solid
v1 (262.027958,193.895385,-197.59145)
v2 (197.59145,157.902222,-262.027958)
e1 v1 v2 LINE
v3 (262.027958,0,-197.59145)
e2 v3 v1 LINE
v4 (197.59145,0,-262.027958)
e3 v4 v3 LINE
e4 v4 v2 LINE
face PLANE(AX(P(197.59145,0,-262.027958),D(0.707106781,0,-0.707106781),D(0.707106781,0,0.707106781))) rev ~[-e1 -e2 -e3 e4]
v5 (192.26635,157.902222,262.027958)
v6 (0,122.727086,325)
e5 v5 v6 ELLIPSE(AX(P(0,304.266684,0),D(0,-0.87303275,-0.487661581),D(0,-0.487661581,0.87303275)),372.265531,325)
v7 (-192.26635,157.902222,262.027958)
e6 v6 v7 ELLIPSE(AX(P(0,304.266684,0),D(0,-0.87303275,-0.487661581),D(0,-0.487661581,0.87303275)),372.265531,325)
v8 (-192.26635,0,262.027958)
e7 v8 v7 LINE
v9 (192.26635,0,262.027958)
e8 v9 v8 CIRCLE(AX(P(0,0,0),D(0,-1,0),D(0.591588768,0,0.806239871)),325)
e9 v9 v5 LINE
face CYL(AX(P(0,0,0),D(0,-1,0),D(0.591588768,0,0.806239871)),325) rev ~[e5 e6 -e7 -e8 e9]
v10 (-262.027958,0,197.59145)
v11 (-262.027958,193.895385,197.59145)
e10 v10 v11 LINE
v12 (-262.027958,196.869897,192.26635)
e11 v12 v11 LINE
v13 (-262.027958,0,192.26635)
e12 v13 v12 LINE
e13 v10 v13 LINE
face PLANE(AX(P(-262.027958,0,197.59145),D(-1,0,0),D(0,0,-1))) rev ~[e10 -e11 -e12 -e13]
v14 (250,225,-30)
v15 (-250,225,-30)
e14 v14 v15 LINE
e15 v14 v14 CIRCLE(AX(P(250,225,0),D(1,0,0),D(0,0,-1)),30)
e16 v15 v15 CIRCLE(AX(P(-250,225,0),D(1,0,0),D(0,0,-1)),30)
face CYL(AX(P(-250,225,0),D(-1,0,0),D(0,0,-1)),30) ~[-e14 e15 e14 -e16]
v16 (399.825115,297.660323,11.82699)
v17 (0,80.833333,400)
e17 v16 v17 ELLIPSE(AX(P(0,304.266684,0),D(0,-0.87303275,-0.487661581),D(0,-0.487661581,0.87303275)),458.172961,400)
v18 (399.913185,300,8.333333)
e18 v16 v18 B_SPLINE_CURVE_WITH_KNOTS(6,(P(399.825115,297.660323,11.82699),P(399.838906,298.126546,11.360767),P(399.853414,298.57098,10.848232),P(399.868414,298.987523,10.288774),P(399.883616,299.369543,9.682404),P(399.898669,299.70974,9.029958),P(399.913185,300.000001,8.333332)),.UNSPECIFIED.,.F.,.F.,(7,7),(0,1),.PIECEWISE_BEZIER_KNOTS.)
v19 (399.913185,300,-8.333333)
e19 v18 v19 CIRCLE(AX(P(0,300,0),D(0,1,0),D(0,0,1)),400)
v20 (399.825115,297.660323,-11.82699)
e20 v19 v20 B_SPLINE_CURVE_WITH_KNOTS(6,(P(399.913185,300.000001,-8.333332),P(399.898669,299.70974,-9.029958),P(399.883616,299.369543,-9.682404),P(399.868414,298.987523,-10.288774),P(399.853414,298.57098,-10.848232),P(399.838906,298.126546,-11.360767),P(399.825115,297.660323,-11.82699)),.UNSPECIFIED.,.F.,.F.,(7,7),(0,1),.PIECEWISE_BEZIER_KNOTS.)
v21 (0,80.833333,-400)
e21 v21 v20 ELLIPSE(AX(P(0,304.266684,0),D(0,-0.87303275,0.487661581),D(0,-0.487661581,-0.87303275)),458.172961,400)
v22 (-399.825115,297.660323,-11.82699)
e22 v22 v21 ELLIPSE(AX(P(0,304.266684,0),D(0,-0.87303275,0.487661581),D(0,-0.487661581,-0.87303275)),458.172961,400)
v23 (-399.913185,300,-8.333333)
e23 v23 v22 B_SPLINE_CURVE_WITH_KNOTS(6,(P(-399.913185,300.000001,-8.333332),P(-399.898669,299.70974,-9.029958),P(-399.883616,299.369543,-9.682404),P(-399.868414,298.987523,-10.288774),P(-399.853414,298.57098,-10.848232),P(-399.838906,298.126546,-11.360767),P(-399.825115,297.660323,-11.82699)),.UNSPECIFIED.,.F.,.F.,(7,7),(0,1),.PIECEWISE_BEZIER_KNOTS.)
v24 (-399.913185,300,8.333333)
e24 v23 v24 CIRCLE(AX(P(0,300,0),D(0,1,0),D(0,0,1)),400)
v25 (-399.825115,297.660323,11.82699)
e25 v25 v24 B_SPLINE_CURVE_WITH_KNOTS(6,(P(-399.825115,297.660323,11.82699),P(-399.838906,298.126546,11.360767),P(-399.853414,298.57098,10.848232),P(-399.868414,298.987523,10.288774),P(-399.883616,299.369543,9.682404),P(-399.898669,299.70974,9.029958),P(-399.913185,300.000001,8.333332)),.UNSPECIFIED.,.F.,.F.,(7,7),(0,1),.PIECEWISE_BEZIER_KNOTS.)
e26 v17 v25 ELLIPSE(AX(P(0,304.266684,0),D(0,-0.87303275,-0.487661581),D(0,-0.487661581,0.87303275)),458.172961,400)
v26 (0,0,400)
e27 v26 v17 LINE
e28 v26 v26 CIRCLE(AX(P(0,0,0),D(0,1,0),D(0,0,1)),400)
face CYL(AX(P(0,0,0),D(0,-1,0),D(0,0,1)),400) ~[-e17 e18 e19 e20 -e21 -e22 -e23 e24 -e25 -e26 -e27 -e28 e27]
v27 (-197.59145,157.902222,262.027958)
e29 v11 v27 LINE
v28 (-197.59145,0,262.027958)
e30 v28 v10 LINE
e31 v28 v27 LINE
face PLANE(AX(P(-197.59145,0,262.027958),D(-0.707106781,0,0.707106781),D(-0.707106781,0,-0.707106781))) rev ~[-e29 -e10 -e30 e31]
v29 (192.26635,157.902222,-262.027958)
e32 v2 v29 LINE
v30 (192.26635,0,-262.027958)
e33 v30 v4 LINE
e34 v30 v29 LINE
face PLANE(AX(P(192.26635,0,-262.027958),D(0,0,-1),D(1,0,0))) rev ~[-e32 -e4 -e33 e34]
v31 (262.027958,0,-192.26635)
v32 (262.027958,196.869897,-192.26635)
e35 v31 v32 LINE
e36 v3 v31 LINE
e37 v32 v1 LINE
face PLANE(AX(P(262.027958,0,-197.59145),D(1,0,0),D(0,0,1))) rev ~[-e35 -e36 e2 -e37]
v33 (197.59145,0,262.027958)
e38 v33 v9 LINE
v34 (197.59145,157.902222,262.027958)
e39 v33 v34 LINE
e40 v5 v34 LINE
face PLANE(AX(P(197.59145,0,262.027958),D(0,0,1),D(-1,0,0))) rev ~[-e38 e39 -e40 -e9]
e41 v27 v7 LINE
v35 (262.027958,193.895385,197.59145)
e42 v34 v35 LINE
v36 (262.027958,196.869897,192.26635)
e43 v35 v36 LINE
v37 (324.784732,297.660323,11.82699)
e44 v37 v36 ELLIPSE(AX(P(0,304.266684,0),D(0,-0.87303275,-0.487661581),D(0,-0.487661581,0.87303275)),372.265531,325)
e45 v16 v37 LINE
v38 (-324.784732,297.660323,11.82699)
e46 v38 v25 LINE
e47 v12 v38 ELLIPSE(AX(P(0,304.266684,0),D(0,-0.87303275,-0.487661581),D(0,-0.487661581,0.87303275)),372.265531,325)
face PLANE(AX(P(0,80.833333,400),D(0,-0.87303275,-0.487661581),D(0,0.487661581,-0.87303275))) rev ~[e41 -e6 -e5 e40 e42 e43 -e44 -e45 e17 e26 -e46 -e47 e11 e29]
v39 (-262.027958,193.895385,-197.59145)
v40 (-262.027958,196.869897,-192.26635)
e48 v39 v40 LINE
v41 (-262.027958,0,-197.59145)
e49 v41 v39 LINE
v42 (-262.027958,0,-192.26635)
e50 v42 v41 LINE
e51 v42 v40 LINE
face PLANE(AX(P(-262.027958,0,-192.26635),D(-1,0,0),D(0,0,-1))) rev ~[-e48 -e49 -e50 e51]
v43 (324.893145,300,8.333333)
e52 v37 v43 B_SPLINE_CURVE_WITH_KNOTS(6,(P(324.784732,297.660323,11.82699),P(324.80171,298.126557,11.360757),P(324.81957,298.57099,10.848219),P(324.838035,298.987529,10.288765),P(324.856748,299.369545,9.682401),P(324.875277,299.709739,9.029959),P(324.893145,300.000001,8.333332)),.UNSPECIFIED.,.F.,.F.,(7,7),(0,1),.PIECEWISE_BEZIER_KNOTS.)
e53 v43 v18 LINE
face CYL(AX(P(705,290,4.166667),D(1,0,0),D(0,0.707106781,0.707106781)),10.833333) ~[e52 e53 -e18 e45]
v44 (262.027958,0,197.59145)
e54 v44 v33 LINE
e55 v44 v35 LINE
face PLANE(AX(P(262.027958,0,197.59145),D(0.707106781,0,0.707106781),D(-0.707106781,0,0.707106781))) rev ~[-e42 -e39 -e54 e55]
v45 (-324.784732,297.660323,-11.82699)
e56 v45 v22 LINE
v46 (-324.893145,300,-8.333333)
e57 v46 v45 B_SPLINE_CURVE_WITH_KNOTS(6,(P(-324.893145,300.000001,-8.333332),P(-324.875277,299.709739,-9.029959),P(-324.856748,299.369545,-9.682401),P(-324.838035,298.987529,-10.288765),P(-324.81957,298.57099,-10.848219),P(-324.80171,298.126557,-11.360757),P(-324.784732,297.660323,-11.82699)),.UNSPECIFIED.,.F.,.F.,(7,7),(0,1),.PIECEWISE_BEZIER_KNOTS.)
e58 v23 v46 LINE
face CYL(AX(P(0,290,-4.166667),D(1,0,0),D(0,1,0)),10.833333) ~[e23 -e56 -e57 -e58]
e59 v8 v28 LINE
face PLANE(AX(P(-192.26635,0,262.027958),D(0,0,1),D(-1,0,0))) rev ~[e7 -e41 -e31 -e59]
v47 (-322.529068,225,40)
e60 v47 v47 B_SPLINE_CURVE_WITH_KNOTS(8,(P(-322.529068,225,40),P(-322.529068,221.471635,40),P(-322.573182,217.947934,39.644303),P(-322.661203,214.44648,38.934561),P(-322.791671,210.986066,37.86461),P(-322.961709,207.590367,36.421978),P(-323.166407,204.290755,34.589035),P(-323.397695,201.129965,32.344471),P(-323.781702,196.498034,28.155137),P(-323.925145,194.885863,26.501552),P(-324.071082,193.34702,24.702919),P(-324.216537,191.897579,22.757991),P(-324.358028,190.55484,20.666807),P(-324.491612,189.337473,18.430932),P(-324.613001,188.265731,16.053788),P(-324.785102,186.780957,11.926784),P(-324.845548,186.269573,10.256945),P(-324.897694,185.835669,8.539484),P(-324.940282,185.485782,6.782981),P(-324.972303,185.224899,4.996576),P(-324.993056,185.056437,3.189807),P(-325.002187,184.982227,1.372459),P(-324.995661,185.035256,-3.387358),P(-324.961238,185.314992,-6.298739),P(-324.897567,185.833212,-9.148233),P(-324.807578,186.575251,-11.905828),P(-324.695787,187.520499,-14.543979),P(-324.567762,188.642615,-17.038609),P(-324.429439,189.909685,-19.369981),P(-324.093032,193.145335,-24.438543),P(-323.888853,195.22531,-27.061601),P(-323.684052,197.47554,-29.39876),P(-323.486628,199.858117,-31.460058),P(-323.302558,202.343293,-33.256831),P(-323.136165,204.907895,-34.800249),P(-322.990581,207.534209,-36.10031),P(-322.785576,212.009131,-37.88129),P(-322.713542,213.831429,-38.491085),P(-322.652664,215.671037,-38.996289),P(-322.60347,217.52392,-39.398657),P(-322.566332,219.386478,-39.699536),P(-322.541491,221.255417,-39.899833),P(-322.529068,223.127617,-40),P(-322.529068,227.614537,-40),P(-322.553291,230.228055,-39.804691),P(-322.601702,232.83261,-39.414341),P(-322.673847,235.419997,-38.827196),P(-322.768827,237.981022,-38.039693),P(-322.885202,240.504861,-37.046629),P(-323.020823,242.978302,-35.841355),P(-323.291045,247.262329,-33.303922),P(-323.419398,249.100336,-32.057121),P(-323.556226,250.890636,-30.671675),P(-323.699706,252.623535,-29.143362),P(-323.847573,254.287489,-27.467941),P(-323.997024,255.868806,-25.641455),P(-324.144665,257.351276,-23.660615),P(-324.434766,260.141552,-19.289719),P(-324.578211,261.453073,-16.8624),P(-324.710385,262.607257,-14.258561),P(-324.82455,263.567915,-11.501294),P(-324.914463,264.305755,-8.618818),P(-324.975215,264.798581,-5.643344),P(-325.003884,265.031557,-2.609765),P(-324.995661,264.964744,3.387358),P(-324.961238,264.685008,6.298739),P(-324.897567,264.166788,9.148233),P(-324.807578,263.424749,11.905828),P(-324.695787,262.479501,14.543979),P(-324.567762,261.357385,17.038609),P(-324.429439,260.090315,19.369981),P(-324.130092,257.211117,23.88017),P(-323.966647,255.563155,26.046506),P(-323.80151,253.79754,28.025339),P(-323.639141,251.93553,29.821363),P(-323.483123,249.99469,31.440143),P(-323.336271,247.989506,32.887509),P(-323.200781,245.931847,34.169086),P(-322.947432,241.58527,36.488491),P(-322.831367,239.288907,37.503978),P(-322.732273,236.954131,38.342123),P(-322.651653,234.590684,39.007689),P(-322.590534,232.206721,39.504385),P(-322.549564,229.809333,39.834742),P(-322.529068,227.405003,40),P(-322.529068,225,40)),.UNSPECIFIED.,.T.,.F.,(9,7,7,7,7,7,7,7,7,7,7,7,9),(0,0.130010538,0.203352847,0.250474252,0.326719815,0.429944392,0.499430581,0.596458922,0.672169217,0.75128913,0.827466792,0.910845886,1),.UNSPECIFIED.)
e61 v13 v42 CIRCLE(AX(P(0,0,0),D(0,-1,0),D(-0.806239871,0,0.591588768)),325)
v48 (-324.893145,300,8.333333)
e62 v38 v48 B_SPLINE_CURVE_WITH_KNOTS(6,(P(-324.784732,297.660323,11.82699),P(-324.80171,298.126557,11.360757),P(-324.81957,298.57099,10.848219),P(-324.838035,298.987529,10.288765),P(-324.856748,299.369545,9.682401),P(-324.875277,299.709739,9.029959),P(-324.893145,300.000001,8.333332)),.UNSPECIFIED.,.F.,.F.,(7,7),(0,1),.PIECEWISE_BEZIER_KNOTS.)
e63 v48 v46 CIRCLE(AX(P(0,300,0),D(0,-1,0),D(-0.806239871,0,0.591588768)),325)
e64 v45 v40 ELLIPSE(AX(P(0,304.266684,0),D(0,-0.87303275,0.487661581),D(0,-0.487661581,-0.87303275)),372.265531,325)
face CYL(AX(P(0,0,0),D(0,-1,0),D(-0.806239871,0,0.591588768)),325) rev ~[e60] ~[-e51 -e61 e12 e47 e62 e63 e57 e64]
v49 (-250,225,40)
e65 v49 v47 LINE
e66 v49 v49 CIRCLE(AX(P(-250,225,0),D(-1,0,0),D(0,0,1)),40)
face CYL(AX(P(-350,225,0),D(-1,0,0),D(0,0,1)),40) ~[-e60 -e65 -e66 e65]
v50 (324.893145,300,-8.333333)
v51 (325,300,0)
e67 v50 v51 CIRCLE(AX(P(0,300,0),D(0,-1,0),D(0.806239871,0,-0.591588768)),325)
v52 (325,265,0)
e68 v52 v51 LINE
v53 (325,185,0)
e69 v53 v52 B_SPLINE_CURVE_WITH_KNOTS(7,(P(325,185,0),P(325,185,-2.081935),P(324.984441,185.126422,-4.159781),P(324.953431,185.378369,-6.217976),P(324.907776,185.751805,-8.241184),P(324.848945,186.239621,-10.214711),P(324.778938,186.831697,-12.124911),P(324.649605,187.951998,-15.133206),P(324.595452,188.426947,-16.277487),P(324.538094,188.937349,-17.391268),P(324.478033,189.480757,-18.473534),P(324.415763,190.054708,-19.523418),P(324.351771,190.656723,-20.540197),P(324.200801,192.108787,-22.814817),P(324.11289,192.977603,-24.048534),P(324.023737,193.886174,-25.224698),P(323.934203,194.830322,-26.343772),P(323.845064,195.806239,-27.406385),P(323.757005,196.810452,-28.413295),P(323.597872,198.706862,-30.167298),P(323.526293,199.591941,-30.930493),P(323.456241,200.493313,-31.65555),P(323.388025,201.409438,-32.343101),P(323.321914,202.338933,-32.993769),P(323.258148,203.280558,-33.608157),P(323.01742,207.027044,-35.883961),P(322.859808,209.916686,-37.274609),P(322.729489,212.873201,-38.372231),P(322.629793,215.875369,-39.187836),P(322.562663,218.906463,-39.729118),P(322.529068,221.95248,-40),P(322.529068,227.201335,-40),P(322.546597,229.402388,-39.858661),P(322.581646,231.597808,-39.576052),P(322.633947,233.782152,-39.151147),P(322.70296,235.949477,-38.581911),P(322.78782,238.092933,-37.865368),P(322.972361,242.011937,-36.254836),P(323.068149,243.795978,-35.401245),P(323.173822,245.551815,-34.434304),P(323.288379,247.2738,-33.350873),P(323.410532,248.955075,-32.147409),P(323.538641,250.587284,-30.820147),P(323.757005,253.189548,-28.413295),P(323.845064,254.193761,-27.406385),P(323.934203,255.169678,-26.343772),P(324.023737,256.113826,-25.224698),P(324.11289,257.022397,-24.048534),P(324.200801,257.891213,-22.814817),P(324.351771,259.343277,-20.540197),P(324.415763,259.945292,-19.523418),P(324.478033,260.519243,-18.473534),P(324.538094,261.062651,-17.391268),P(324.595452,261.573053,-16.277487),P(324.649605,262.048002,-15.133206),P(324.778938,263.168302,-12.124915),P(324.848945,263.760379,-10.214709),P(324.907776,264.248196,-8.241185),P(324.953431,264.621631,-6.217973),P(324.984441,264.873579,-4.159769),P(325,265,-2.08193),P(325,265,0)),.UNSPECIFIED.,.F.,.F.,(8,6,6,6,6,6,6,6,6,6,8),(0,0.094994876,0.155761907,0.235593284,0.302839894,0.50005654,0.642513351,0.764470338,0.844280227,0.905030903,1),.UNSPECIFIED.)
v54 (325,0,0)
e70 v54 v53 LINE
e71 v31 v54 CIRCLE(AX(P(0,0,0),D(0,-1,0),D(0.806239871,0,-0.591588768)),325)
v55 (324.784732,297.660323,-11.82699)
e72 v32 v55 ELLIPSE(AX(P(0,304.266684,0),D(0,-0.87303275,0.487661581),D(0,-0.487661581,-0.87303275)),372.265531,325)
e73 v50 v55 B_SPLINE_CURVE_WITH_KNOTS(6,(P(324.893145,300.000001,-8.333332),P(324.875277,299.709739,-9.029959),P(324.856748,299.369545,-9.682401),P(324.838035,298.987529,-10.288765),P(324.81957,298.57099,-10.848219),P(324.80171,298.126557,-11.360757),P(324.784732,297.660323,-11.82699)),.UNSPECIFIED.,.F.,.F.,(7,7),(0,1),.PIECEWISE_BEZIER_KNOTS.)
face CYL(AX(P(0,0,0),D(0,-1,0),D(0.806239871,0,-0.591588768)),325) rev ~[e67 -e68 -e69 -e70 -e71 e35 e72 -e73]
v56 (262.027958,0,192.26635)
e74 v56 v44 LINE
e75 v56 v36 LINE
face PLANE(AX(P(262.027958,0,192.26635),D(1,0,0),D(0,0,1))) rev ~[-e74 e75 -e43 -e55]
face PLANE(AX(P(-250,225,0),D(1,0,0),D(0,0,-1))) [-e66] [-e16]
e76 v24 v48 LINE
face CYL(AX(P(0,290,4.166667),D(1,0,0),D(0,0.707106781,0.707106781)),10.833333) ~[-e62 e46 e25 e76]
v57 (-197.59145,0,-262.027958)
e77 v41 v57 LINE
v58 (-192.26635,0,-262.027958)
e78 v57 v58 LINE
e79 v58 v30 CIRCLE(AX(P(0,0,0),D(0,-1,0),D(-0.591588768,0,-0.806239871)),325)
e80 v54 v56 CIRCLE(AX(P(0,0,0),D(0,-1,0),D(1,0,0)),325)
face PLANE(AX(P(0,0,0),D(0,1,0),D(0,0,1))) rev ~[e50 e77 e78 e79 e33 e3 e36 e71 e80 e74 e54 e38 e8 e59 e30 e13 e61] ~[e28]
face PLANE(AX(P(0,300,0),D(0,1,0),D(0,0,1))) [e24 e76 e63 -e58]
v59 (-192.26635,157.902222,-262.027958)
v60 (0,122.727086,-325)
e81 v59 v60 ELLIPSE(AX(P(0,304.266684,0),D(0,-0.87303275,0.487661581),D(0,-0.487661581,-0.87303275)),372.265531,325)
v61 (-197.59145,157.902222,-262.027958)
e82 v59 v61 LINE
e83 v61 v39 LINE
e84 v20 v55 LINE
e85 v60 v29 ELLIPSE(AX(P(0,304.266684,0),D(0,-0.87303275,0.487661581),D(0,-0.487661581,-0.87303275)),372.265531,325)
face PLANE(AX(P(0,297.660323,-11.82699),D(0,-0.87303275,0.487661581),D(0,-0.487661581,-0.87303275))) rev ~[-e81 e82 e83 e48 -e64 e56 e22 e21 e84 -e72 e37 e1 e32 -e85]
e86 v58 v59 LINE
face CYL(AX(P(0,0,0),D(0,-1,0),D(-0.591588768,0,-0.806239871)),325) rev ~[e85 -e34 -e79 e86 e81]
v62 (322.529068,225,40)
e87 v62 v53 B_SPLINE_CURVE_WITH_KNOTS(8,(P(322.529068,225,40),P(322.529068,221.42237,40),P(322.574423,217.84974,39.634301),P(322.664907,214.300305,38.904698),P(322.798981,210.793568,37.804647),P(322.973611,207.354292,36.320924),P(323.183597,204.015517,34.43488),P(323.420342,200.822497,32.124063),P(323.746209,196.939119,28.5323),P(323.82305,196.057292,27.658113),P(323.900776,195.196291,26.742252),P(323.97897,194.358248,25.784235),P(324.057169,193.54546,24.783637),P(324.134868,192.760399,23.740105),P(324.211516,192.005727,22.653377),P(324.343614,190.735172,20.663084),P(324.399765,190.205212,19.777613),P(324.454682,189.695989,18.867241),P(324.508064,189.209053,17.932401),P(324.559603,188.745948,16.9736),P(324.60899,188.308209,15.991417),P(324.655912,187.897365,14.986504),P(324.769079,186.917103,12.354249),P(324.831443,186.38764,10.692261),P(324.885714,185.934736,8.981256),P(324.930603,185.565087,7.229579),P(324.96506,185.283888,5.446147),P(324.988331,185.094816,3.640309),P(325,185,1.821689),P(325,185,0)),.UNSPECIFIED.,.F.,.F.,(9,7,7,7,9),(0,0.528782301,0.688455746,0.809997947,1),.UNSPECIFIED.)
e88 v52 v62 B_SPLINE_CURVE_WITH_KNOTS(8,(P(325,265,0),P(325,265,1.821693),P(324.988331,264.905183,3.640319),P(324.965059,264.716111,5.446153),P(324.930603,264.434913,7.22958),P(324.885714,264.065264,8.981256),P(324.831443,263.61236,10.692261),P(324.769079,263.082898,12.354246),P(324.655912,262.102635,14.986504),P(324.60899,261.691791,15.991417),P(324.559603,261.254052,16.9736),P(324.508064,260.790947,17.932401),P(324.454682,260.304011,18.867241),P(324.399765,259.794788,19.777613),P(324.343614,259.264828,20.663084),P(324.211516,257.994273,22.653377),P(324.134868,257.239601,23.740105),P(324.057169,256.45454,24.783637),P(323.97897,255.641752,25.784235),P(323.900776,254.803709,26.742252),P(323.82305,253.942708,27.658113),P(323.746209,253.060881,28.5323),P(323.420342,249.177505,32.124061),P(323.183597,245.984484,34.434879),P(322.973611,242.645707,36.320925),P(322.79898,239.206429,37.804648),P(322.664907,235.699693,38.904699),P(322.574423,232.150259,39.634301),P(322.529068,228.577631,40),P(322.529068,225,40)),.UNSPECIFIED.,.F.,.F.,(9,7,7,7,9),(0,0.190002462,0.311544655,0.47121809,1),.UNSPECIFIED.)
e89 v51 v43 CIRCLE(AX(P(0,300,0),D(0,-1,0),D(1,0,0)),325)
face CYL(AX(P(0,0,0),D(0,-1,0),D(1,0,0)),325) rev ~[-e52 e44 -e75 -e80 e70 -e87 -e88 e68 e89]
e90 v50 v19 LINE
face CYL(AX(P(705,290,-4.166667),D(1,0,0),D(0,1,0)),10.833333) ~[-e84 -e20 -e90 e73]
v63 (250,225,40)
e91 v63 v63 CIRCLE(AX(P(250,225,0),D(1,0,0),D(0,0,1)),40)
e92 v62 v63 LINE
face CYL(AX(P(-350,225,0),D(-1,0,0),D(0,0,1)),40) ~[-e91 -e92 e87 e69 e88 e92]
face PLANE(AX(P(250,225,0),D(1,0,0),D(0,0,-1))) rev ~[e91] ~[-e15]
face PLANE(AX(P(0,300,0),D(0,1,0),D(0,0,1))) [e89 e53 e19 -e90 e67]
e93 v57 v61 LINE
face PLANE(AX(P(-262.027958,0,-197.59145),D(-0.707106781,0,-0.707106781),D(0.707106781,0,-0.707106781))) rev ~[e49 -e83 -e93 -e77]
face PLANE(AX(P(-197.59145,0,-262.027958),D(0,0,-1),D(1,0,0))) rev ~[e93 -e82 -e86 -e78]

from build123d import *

# Parameters (mm, degrees)
ESQUISSE2_R             = 400
BOSS_EXTRU_1_DEPTH      = 300
ENL_V_MAT_EXTRU_1_DEPTH = 575
ENL_V_START             = 705
ENL_V_MAT_EXTRU_2_DEPTH = 705
ESQUISSE9_R             = 40
BOSS_EXTRU_10_DEPTH     = 350
BOSS_EXTRU_11_START     = -350
ESQUISSE9_4_R           = 40
BOSS_EXTRU_11_DEPTH     = 350
ENL_V_START_2           = -250
ESQUISSE10_R            = 40
ESQUISSE10_R_2          = 30
ENL_V_MAT_EXTRU_3_DEPTH = 250
ESQUISSE10_2_R          = 40
ESQUISSE10_2_R_2        = 30
ENL_V_MAT_EXTRU_4_DEPTH = 250


with BuildPart() as part:
    # Esquisse2 → Boss.-Extru.1 (new body)
    with BuildSketch(Plane(origin=(0, 0, 0), x_dir=(1, 0, 0), z_dir=(0, 1, 0))):
        Circle(ESQUISSE2_R)
        with BuildLine():
            Line((-262.027957955, 192.26634976), (-262.027957955, 197.591449816))
            Line((-262.027957955, 197.591449816), (-229.809703961, 229.80970381))
            Line((-229.809703961, 229.80970381), (-197.591449816, 262.027957955))
            Line((-197.591449816, 262.027957955), (-192.26634976, 262.027957955))
            ThreePointArc((-192.26634976, 262.027957955), (0, 325), (192.26634976, 262.027957955))
            Line((192.26634976, 262.027957955), (197.591449816, 262.027957955))
            Line((197.591449816, 262.027957955), (229.809703566, 229.809704205))
            Line((229.809703566, 229.809704205), (262.027957955, 197.591449816))
            Line((262.027957955, 197.591449816), (262.027957955, 192.26634976))
            ThreePointArc((262.027957955, 192.26634976), (308.856023363, 101.158078433), (325, 0))
            ThreePointArc((325, 0), (308.856023363, -101.158078433), (262.027957955, -192.26634976))
            Line((262.027957955, -192.26634976), (262.027957955, -197.591449816))
            Line((262.027957955, -197.591449816), (229.809704204, -229.809703567))
            Line((229.809704204, -229.809703567), (197.591449816, -262.027957955))
            Line((197.591449816, -262.027957955), (192.26634976, -262.027957955))
            ThreePointArc((192.26634976, -262.027957955), (0, -325), (-192.26634976, -262.027957955))
            Line((-192.26634976, -262.027957955), (-197.591449816, -262.027957955))
            Line((-197.591449816, -262.027957955), (-229.809704607, -229.809703164))
            Line((-229.809704607, -229.809703164), (-262.027957955, -197.591449816))
            Line((-262.027957955, -197.591449816), (-262.027957955, -192.26634976))
            ThreePointArc((-262.027957955, -192.26634976), (-325, 0), (-262.027957955, 192.26634976))
        make_face(mode=Mode.SUBTRACT)
    extrude(amount=BOSS_EXTRU_1_DEPTH)

    # Esquisse3 → Enlèv. mat.-Extru.1 (cut)
    with BuildSketch(Plane(origin=(0, 0, 0), x_dir=(0, 0, -1), z_dir=(1, 0, 0))):
        with BuildLine():
            Line((400, 300.833333333), (4.166666667, 300.833333333))
            ThreePointArc((4.166666667, 300.833333333), (8.312403851, 300.008694936), (11.82699013, 297.660323463))
            Line((11.82699013, 297.660323463), (400, 80.833333333))
            Line((400, 80.833333333), (400, 300.833333333))
        make_face()
        with BuildLine():
            ThreePointArc((-11.82699013, 297.660323463), (-8.312403851, 300.008694936), (-4.166666667, 300.833333333))
            Line((-4.166666667, 300.833333333), (-400, 300.833333333))
            Line((-400, 300.833333333), (-400, 80.833333333))
            Line((-400, 80.833333333), (-11.82699013, 297.660323463))
        make_face()
    extrude(amount=-ENL_V_MAT_EXTRU_1_DEPTH, mode=Mode.SUBTRACT)

    # Esquisse3<3> → Enlèv. mat.-Extru.2 (cut)
    with BuildSketch(Plane(origin=(0, 0, 0), x_dir=(0, 0, -1), z_dir=(1, 0, 0)).offset(ENL_V_START)):
        with BuildLine():
            Line((400, 300.833333333), (4.166666667, 300.833333333))
            ThreePointArc((4.166666667, 300.833333333), (8.312403851, 300.008694936), (11.82699013, 297.660323463))
            Line((11.82699013, 297.660323463), (400, 80.833333333))
            Line((400, 80.833333333), (400, 300.833333333))
        make_face()
        with BuildLine():
            ThreePointArc((-11.82699013, 297.660323463), (-8.312403851, 300.008694936), (-4.166666667, 300.833333333))
            Line((-4.166666667, 300.833333333), (-400, 300.833333333))
            Line((-400, 300.833333333), (-400, 80.833333333))
            Line((-400, 80.833333333), (-11.82699013, 297.660323463))
        make_face()
    extrude(amount=-ENL_V_MAT_EXTRU_2_DEPTH, mode=Mode.SUBTRACT)

    # Esquisse9 → Boss.-Extru.10 (add)
    with BuildSketch(Plane(origin=(0, 0, 0), x_dir=(0, 0, -1), z_dir=(1, 0, 0))):
        with Locations((0, 225)):
            Circle(ESQUISSE9_R)
    extrude(amount=BOSS_EXTRU_10_DEPTH)

    # Esquisse9<4> → Boss.-Extru.11 (add)
    with BuildSketch(Plane(origin=(0, 0, 0), x_dir=(0, 0, -1), z_dir=(1, 0, 0)).offset(BOSS_EXTRU_11_START)):
        with Locations((0, 225)):
            Circle(ESQUISSE9_4_R)
    extrude(amount=BOSS_EXTRU_11_DEPTH)

    # Esquisse10 → Enlèv. mat.-Extru.3 (cut)
    with BuildSketch(Plane(origin=(0, 0, 0), x_dir=(0, 0, -1), z_dir=(1, 0, 0)).offset(ENL_V_START_2)):
        with Locations((0, 225)):
            Circle(ESQUISSE10_R)
        with Locations((0, 225)):
            Circle(ESQUISSE10_R_2, mode=Mode.SUBTRACT)
    extrude(amount=ENL_V_MAT_EXTRU_3_DEPTH, mode=Mode.SUBTRACT)

    # Esquisse10<2> → Enlèv. mat.-Extru.4 (cut)
    with BuildSketch(Plane(origin=(0, 0, 0), x_dir=(0, 0, -1), z_dir=(1, 0, 0))):
        with Locations((0, 225)):
            Circle(ESQUISSE10_2_R)
        with Locations((0, 225)):
            Circle(ESQUISSE10_2_R_2, mode=Mode.SUBTRACT)
    extrude(amount=ENL_V_MAT_EXTRU_4_DEPTH, mode=Mode.SUBTRACT)


solid = part.part
